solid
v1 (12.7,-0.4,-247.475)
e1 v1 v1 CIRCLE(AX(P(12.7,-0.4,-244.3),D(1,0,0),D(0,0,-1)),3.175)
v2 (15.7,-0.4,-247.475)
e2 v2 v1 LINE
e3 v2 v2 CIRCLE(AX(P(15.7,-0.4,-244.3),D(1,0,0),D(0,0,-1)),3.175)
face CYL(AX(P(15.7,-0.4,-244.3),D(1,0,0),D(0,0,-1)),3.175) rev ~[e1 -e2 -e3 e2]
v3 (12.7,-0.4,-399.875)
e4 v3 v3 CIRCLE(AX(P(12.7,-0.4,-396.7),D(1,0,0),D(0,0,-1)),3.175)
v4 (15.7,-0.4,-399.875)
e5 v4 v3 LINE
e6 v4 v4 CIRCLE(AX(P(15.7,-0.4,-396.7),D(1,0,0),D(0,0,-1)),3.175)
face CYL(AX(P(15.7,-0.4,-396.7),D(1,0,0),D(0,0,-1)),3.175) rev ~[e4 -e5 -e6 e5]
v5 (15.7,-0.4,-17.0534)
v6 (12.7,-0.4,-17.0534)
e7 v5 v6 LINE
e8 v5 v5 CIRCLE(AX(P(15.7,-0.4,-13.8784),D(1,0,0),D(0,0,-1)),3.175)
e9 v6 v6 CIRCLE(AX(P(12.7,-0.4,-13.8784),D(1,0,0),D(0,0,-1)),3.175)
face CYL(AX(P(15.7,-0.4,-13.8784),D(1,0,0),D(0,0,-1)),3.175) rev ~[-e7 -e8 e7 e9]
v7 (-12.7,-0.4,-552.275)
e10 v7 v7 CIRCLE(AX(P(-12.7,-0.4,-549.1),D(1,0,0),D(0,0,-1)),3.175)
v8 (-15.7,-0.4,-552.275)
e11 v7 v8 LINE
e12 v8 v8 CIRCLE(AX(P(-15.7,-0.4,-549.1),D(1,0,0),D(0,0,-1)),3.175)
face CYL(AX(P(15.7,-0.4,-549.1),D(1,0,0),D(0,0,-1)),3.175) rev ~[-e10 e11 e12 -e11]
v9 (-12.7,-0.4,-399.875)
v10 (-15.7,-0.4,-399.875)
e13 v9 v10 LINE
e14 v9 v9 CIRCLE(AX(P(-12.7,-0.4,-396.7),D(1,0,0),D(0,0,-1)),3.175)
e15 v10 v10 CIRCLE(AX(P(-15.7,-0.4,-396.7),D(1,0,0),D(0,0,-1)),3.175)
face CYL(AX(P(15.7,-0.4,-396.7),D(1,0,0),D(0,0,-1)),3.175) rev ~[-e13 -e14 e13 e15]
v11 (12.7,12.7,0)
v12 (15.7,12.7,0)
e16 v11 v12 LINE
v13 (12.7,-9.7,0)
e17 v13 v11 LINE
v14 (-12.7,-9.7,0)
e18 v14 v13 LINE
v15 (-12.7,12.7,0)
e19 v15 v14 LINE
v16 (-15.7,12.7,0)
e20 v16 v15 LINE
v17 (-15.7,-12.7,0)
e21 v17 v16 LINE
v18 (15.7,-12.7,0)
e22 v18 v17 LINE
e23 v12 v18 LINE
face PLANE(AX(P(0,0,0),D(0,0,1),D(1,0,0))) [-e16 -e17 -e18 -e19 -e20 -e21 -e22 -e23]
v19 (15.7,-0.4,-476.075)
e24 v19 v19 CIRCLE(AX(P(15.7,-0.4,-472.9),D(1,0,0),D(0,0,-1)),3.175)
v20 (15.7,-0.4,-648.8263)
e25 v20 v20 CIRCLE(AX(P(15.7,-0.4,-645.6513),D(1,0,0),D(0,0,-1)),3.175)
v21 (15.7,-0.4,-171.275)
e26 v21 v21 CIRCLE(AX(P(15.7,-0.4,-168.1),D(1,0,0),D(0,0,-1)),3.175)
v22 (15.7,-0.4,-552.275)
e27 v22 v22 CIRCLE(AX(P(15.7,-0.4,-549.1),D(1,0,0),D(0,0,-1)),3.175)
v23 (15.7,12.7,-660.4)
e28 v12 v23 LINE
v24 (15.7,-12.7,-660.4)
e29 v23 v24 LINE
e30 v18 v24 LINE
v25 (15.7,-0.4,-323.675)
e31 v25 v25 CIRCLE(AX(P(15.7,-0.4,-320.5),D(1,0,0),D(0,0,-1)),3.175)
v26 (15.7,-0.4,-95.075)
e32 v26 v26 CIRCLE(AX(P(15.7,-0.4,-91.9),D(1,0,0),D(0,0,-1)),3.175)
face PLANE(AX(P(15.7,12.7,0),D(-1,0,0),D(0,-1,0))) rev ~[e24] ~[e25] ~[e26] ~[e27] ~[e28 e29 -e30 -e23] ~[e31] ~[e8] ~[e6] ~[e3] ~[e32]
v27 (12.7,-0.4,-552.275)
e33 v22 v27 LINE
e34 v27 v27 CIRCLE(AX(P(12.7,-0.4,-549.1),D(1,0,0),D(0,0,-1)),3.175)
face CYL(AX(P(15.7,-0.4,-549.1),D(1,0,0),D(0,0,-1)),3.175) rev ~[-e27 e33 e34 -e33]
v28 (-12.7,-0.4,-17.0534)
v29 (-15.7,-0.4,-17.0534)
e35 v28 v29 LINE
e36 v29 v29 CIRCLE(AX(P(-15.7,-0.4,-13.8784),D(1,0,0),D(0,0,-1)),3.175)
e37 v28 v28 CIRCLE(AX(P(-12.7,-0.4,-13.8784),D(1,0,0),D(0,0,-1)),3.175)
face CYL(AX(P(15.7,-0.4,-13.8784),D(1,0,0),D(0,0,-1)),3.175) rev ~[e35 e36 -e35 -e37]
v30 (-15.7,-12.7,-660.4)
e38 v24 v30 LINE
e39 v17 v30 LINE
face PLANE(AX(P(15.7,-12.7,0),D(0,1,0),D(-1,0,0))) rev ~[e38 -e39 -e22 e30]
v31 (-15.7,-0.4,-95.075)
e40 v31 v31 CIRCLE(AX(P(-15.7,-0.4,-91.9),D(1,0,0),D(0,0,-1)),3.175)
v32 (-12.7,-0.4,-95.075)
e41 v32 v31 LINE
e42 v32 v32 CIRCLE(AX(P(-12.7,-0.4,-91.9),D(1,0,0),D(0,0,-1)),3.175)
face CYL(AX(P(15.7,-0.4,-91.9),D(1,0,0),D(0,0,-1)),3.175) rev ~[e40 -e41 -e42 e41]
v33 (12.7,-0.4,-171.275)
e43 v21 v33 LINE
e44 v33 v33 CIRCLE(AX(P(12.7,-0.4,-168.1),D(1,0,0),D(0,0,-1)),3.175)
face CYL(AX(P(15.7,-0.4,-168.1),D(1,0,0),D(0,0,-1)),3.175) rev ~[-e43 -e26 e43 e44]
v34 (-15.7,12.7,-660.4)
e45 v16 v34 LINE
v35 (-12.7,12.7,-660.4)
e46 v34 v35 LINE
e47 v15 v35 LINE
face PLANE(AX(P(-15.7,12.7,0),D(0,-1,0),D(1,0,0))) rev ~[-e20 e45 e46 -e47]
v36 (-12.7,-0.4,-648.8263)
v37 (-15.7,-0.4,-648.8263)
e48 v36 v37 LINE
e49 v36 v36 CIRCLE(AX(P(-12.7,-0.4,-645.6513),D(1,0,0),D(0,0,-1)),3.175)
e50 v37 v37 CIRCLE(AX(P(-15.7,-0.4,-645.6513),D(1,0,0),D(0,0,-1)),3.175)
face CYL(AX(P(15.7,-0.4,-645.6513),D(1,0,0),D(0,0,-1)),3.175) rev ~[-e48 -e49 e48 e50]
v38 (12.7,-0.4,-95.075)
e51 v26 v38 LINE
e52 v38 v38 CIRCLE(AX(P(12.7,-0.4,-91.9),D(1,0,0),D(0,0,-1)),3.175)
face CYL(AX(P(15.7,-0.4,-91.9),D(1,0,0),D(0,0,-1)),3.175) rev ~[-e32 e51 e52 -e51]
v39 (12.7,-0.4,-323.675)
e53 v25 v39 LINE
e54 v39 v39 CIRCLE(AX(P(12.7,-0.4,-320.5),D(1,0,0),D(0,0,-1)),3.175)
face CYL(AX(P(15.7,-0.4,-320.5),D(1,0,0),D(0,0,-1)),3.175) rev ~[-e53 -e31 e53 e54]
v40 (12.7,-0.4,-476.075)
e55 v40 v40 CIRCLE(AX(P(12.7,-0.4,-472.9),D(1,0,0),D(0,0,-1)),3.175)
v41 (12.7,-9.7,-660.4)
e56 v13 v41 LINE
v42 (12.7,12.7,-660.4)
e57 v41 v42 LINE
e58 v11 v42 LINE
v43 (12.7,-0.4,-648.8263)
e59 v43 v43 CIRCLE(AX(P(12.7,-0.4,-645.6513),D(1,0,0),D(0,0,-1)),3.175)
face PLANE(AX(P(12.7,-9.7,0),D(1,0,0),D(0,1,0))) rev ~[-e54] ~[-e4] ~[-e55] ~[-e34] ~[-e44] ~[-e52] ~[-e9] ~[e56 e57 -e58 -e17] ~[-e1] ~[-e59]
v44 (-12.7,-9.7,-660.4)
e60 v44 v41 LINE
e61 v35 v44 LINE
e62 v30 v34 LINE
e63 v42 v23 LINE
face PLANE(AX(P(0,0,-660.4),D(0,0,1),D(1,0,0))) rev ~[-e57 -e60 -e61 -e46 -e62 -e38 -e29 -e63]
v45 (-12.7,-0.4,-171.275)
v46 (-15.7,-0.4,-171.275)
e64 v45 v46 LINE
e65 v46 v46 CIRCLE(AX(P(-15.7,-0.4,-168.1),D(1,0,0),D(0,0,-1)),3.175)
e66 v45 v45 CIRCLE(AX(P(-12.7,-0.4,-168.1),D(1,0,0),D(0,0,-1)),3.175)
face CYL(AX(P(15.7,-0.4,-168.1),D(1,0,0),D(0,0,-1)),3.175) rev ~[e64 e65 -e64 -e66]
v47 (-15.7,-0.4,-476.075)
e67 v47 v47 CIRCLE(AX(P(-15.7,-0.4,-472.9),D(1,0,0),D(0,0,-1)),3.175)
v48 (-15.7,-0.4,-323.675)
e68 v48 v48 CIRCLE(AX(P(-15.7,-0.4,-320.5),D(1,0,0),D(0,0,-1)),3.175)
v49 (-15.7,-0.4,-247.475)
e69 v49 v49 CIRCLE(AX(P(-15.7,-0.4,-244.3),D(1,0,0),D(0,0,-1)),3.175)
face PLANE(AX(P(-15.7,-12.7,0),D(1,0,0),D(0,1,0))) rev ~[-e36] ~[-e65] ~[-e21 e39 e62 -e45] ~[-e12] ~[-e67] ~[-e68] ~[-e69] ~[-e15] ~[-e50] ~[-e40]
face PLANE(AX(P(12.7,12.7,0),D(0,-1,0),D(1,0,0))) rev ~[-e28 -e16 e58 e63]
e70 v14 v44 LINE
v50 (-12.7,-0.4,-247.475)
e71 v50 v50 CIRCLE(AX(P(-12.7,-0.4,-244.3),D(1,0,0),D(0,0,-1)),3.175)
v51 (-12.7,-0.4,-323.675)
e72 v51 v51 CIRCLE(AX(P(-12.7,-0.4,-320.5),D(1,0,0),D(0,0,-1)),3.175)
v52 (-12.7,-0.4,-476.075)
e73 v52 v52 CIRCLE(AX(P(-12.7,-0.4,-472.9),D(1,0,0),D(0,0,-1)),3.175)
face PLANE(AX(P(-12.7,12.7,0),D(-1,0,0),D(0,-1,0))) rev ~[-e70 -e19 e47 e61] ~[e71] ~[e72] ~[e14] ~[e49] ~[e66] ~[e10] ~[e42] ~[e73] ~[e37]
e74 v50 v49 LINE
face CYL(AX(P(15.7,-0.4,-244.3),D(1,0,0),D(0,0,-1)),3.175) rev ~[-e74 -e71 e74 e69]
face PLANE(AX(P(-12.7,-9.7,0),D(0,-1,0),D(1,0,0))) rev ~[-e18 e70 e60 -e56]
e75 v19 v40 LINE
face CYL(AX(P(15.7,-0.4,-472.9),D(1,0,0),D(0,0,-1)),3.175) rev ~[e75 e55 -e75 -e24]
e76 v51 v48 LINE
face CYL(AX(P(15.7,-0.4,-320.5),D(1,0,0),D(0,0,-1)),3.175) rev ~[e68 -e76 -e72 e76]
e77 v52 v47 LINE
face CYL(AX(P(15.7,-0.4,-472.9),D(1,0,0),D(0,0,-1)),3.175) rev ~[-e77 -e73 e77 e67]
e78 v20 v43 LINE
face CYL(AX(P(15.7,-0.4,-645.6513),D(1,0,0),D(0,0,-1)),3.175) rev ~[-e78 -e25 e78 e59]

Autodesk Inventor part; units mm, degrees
ref_plane "YZ Plane" through (0, 0, 0) normal (1, 0, 0) x (0, 1, 0)
ref_plane "XZ Plane" through (0, 0, 0) normal (0, 1, 0) x (-1, 0, 0)
ref_plane "XY Plane" through (0, 0, 0) normal (0, 0, 1) x (1, 0, 0)
sketch "Sketch1" plane through (0, 0, 0) normal (0, 0, 1) x (1, 0, 0)
  line L0 (-15.7, 12.7) -> (-12.7, 12.7)
  line L1 (-12.7, 12.7) -> (-12.7, -9.7)
  line L2 (-12.7, -9.7) -> (12.7, -9.7)
  line L3 (12.7, -9.7) -> (12.7, 12.7)
  line L4 (12.7, 12.7) -> (15.7, 12.7)
  line L5 (15.7, 12.7) -> (15.7, -12.7)
  line L6 (15.7, -12.7) -> (-15.7, -12.7)
  line L7 (-15.7, -12.7) -> (-15.7, 12.7)
  point P0 (0, 0)
  dimension "d0" = 3
  dimension "d2" = 3
  dimension "d3" = 25.4
  dimension "d4" = 31.4
  dimension "d5" = 15.7
  dimension "d7" = 12.7
  dimension "d8" = 3
extrude "Extrusion1" add sketch "Sketch1" against normal blind 660.4
sketch "Sketch5" plane through (15.7, -12.7, 0) normal (1, 0, 0) x (0, 0, -1)
  circle A0 centre (13.8784, 12.3) radius 3.175
  circle A1 centre (91.9, 12.3) radius 3.175
  circle A2 centre (168.1, 12.3) radius 3.175
  circle A3 centre (244.3, 12.3) radius 3.175
  circle A4 centre (320.5, 12.3) radius 3.175
  circle A5 centre (396.7, 12.3) radius 3.175
  circle A6 centre (472.9, 12.3) radius 3.175
  circle A7 centre (549.1, 12.3) radius 3.175
  circle A8 centre (645.6513, 12.3) radius 3.175
  point P0 (0, 12.7)
  dimension "d56" = 6.35
  dimension "d58" = 6.35
  dimension "d59" = 6.35
  dimension "d60" = 6.35
  dimension "d61" = 6.35
  dimension "d62" = 6.35
  dimension "d63" = 6.35
  dimension "d64" = 6.35
  dimension "d65" = 6.35
extrude "Extrusion5" cut sketch "Sketch5" against normal blind 76.2
equation "\"d2\" = d0"
equation "\"d5\" = 0.5 * d4"
equation "\"d7\" = 0.5 * d3"
equation "\"d8\" = d0"
equation "\"d58\" = d56"
equation "\"d59\" = d58"
equation "\"d60\" = d59"
equation "\"d61\" = d60"
equation "\"d62\" = d61"
equation "\"d63\" = d62"
equation "\"d64\" = d63"
equation "\"d65\" = d64"
properties part number "26in C-Channel"
